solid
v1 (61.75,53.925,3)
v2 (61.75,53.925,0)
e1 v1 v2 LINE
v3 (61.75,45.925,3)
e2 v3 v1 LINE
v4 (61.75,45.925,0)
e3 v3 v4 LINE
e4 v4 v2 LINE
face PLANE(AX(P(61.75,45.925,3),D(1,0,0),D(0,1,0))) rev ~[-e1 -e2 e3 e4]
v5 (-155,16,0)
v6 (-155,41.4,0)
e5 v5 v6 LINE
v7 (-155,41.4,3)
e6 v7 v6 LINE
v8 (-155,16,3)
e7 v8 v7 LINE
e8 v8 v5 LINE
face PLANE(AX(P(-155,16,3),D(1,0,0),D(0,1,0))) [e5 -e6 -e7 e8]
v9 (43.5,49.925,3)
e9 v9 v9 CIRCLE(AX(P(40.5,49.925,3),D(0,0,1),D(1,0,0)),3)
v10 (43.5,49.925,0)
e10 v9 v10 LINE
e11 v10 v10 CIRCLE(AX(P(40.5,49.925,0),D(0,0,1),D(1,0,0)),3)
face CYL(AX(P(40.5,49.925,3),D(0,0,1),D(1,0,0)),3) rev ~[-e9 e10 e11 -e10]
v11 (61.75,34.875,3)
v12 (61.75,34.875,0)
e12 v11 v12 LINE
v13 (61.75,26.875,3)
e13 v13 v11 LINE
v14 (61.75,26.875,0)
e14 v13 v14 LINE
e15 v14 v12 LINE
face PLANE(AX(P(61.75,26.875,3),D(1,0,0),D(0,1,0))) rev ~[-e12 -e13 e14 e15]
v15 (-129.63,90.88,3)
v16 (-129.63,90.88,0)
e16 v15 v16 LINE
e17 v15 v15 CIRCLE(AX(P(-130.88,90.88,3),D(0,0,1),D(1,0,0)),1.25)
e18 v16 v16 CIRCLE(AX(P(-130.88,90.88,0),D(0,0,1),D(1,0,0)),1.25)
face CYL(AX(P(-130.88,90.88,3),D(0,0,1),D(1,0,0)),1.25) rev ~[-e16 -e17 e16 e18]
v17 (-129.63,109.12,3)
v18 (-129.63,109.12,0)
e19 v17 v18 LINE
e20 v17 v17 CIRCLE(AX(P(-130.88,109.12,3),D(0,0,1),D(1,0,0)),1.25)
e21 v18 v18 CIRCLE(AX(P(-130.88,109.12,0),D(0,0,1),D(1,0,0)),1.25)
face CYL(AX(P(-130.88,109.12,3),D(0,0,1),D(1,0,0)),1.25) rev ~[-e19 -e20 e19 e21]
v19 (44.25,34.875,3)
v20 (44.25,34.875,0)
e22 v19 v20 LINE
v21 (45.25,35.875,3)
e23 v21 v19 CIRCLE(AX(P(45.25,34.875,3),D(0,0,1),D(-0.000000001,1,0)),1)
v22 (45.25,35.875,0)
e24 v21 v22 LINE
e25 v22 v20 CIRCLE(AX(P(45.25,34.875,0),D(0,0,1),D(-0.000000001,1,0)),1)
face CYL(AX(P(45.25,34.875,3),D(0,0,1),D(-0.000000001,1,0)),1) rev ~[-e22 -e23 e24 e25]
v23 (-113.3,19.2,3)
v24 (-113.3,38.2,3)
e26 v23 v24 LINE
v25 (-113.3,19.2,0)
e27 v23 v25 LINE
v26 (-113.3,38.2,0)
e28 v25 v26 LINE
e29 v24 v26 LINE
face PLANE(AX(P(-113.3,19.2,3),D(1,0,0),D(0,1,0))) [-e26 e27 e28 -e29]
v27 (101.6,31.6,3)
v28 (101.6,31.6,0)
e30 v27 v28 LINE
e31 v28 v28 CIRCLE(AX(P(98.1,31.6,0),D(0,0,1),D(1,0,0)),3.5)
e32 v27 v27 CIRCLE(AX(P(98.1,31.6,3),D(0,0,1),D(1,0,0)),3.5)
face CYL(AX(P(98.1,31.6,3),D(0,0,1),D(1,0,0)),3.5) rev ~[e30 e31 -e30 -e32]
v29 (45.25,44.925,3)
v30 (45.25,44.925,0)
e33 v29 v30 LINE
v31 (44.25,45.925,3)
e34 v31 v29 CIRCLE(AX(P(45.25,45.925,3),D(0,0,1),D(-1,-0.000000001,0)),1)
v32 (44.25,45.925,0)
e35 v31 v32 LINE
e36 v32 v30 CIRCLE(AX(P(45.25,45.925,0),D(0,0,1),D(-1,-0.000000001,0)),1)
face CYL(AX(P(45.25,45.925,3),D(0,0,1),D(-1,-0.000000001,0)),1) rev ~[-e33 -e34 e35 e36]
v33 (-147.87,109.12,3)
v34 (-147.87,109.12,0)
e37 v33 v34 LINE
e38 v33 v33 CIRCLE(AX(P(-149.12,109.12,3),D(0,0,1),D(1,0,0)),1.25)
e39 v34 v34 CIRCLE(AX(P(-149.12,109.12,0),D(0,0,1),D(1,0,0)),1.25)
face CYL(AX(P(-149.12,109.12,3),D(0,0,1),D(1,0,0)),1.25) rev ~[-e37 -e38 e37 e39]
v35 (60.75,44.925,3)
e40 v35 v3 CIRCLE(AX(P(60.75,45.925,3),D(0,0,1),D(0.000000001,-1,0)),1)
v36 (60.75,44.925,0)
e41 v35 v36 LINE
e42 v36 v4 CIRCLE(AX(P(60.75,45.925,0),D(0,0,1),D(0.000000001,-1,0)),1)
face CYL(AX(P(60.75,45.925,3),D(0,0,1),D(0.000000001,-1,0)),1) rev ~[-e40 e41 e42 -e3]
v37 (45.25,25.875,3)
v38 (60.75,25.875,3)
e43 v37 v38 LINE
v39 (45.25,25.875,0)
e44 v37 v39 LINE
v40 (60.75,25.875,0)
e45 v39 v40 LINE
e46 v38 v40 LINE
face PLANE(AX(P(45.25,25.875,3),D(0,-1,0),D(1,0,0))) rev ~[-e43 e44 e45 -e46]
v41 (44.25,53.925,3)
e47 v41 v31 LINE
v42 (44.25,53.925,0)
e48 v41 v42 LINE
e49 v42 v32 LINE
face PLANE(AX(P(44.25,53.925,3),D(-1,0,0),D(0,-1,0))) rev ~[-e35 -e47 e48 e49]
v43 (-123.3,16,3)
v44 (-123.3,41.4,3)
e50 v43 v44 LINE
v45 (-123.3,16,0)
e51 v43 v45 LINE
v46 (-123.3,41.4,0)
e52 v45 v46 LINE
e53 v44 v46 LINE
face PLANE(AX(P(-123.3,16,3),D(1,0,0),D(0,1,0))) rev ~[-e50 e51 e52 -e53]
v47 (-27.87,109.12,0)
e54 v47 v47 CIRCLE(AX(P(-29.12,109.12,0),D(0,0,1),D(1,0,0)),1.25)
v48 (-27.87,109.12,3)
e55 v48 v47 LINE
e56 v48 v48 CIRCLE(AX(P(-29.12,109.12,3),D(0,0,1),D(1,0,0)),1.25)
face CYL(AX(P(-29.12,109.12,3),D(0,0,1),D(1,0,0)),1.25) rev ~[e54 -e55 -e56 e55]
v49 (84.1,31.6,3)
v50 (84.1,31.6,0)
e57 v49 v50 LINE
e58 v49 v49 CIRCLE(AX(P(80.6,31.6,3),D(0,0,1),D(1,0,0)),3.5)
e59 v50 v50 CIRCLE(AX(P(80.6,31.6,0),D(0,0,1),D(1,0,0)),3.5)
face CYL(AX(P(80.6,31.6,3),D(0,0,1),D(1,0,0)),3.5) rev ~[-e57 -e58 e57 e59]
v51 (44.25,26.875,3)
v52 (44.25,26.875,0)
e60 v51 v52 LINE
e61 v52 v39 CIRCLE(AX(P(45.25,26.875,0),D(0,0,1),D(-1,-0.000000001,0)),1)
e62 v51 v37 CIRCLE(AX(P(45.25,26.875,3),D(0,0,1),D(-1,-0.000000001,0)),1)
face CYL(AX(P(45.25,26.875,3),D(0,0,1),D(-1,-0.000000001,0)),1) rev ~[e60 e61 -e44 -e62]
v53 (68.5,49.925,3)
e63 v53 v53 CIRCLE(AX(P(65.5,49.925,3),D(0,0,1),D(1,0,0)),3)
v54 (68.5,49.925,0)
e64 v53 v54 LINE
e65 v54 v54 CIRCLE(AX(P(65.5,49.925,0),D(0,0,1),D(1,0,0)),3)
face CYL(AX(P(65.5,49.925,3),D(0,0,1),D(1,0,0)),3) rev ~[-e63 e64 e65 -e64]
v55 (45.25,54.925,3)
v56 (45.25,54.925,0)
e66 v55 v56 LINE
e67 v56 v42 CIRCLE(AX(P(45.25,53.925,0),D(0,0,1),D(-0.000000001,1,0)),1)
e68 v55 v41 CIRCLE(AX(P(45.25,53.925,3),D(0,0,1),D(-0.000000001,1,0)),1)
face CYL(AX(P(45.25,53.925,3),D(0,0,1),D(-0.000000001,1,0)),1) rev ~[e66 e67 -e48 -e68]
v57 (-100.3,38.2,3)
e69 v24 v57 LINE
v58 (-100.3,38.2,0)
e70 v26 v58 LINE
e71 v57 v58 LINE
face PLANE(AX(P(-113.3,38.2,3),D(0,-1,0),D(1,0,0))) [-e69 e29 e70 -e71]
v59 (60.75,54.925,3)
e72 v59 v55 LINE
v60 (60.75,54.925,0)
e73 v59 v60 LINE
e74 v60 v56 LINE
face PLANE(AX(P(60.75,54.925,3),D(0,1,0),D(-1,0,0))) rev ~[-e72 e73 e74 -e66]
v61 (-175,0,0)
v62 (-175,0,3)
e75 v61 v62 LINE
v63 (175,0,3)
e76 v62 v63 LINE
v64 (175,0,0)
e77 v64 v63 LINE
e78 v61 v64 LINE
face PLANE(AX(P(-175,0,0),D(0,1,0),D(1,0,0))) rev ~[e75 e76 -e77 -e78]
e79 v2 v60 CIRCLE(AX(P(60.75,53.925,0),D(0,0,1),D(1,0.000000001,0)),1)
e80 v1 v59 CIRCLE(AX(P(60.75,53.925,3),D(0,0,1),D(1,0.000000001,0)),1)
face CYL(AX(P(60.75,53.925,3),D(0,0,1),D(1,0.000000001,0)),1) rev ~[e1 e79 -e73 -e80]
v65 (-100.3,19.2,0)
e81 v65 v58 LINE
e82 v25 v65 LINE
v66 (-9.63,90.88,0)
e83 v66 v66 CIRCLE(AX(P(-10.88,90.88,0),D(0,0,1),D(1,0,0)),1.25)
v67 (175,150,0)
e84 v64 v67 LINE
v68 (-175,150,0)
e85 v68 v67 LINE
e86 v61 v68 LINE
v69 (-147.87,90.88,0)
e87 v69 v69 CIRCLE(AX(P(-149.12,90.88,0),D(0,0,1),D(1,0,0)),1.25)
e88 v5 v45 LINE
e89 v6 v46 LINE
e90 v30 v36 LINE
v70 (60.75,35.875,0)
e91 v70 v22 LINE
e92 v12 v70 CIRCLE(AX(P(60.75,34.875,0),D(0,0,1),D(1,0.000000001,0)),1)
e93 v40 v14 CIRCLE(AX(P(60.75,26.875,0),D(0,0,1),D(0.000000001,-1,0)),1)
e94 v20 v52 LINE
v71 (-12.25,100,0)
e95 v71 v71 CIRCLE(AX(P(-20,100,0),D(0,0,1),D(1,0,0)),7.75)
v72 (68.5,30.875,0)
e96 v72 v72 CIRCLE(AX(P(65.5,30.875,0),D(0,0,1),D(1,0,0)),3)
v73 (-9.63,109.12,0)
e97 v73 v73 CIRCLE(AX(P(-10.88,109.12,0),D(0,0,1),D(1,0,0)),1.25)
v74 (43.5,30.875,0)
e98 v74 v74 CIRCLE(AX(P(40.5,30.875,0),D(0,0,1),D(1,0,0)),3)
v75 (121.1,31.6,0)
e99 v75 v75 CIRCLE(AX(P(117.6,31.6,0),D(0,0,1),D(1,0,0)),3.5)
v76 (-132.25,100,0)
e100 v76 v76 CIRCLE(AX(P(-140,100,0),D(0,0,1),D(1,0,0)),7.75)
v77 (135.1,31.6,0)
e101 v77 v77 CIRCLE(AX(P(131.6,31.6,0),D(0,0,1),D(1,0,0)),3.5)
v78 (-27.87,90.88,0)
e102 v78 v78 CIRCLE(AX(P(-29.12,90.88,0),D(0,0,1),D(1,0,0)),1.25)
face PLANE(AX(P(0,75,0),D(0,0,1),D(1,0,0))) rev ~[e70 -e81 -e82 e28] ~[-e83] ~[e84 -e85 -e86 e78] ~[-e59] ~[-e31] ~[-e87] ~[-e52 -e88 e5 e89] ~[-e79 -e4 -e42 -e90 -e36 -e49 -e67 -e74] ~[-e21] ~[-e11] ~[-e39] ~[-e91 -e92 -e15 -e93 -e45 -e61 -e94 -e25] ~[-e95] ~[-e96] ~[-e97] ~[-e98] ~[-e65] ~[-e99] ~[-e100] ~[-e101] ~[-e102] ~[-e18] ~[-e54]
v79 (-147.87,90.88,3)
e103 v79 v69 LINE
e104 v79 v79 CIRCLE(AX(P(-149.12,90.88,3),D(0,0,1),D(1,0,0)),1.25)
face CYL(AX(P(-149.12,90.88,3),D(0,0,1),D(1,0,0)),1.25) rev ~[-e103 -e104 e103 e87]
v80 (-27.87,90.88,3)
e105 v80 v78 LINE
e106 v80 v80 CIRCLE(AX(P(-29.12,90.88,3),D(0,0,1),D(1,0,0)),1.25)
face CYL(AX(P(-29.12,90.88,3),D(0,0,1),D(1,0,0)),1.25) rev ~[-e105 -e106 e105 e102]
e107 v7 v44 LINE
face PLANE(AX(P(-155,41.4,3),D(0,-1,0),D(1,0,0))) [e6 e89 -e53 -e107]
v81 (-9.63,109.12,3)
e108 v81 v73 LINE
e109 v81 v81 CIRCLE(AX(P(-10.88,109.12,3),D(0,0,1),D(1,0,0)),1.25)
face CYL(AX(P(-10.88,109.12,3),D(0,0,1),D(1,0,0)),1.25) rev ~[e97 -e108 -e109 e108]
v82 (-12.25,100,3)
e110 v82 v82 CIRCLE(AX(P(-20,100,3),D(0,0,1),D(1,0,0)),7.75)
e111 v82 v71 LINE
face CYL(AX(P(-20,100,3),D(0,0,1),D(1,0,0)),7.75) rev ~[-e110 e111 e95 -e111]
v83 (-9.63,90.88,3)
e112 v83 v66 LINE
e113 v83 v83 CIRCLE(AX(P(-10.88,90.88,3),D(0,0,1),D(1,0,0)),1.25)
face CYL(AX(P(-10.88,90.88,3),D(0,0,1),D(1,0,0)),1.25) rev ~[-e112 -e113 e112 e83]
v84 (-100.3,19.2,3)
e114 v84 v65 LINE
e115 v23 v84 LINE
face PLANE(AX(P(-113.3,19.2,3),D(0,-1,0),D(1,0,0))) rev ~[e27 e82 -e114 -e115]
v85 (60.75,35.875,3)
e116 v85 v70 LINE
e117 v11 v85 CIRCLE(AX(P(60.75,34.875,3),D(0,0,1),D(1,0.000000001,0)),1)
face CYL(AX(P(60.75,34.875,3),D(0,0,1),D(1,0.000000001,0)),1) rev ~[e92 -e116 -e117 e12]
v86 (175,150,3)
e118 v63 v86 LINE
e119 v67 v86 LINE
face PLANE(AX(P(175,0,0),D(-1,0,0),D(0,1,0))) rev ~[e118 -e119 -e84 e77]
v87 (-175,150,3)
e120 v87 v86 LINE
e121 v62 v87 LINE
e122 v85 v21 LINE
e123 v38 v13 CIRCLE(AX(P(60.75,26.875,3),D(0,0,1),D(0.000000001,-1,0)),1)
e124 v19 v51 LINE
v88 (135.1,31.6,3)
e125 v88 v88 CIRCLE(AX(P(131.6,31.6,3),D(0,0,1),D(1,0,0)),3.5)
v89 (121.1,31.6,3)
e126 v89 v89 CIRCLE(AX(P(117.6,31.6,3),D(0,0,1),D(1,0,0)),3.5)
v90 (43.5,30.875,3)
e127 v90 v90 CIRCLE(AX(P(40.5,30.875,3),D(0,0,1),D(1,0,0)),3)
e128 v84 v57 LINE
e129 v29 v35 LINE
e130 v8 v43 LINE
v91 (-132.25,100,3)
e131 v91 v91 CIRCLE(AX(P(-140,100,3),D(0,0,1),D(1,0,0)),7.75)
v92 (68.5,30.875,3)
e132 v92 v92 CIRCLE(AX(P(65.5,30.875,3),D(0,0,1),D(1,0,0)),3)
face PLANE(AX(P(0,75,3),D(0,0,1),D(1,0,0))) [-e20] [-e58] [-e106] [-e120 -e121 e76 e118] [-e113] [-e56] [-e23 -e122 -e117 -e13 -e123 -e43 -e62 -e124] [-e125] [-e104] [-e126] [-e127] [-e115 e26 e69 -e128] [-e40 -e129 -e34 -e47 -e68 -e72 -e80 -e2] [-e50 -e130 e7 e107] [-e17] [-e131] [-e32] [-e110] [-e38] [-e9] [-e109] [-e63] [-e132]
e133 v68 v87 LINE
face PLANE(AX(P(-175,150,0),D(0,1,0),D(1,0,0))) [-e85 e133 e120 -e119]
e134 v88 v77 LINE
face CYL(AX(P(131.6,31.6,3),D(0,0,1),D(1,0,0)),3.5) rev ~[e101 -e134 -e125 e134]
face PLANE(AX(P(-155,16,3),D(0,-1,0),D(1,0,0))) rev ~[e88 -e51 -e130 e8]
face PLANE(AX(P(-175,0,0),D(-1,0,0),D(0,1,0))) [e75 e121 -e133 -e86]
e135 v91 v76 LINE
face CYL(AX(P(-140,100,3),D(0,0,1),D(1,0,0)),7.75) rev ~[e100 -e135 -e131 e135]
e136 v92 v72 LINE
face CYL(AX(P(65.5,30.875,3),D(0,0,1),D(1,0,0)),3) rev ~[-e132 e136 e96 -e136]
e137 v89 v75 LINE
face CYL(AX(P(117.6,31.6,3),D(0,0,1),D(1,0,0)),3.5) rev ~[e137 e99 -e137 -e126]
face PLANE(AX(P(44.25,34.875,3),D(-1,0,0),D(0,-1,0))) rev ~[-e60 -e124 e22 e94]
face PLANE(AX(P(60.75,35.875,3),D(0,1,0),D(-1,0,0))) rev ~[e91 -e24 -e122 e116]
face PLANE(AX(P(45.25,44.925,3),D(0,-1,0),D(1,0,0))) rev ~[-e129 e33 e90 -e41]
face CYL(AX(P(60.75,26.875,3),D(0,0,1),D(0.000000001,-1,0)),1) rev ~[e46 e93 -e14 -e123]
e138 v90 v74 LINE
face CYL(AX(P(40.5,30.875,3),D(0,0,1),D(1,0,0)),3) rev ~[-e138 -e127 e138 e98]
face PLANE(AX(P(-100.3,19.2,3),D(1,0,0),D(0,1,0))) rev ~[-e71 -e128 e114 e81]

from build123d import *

# Parameters (mm, degrees)
SKETCH_2_W          = 350
SKETCH_2_H          = 150
EXTRUDE_1_DEPTH     = 3
SKETCH_3_R          = 3
SKETCH_3_R_2        = 3.5
SKETCH_3_R_3        = 1.25
SKETCH_3_R_4        = 7.75
SKETCH_3_W          = 31.7
SKETCH_3_H          = 25.4
SKETCH_3_W_2        = 13
SKETCH_3_H_2        = 19
CUT_EXTRUDE_1_DEPTH = 231.508134347


with BuildPart() as part:
    # 草图2 → 凸台-拉伸1 (new body)
    with BuildSketch(Plane.XY):
        with Locations((0, 75)):
            Rectangle(SKETCH_2_W, SKETCH_2_H)
    extrude(amount=EXTRUDE_1_DEPTH)

    # 草图3 → 切除-拉伸1 (cut, through all)
    with BuildSketch(Plane.XY.offset(3)):
        with Locations((40.5, 30.875)):
            Circle(SKETCH_3_R)
        with Locations((65.5, 30.875)):
            Circle(SKETCH_3_R)
        with Locations((80.6, 31.6)):
            Circle(SKETCH_3_R_2)
        with Locations((98.1, 31.6)):
            Circle(SKETCH_3_R_2)
        with Locations((117.6, 31.6)):
            Circle(SKETCH_3_R_2)
        with Locations((131.6, 31.6)):
            Circle(SKETCH_3_R_2)
        with Locations((-149.12, 109.12)):
            Circle(SKETCH_3_R_3)
        with Locations((-130.88, 109.12)):
            Circle(SKETCH_3_R_3)
        with Locations((-149.12, 90.88)):
            Circle(SKETCH_3_R_3)
        with Locations((-130.88, 90.88)):
            Circle(SKETCH_3_R_3)
        with Locations((-140, 100)):
            Circle(SKETCH_3_R_4)
        with Locations((-29.12, 90.88)):
            Circle(SKETCH_3_R_3)
        with Locations((-10.88, 90.88)):
            Circle(SKETCH_3_R_3)
        with Locations((-20, 100)):
            Circle(SKETCH_3_R_4)
        with Locations((-29.12, 109.12)):
            Circle(SKETCH_3_R_3)
        with Locations((-10.88, 109.12)):
            Circle(SKETCH_3_R_3)
        with Locations((65.5, 49.925)):
            Circle(SKETCH_3_R)
        with Locations((40.5, 49.925)):
            Circle(SKETCH_3_R)
        with BuildLine():
            Line((61.75, 45.925), (61.75, 53.925))
            ThreePointArc((61.75, 53.925), (61.457106781, 54.632106781), (60.75, 54.925))
            Line((60.75, 54.925), (45.25, 54.925))
            ThreePointArc((45.25, 54.925), (44.542893219, 54.632106781), (44.25, 53.925))
            Line((44.25, 53.925), (44.25, 45.925))
            ThreePointArc((44.25, 45.925), (44.542893219, 45.217893219), (45.25, 44.925))
            Line((45.25, 44.925), (60.75, 44.925))
            ThreePointArc((60.75, 44.925), (61.457106781, 45.217893219), (61.75, 45.925))
        make_face()
        with BuildLine():
            Line((45.25, 25.875), (60.75, 25.875))
            ThreePointArc((60.75, 25.875), (61.457106781, 26.167893219), (61.75, 26.875))
            Line((61.75, 26.875), (61.75, 34.875))
            ThreePointArc((61.75, 34.875), (61.457106781, 35.582106781), (60.75, 35.875))
            Line((60.75, 35.875), (45.25, 35.875))
            ThreePointArc((45.25, 35.875), (44.542893219, 35.582106781), (44.25, 34.875))
            Line((44.25, 34.875), (44.25, 26.875))
            ThreePointArc((44.25, 26.875), (44.542893219, 26.167893219), (45.25, 25.875))
        make_face()
        with Locations((-139.15, 28.7)):
            Rectangle(SKETCH_3_W, SKETCH_3_H)
        with Locations((-106.8, 28.7)):
            Rectangle(SKETCH_3_W_2, SKETCH_3_H_2)
    extrude(amount=-CUT_EXTRUDE_1_DEPTH, mode=Mode.SUBTRACT)


solid = part.part
